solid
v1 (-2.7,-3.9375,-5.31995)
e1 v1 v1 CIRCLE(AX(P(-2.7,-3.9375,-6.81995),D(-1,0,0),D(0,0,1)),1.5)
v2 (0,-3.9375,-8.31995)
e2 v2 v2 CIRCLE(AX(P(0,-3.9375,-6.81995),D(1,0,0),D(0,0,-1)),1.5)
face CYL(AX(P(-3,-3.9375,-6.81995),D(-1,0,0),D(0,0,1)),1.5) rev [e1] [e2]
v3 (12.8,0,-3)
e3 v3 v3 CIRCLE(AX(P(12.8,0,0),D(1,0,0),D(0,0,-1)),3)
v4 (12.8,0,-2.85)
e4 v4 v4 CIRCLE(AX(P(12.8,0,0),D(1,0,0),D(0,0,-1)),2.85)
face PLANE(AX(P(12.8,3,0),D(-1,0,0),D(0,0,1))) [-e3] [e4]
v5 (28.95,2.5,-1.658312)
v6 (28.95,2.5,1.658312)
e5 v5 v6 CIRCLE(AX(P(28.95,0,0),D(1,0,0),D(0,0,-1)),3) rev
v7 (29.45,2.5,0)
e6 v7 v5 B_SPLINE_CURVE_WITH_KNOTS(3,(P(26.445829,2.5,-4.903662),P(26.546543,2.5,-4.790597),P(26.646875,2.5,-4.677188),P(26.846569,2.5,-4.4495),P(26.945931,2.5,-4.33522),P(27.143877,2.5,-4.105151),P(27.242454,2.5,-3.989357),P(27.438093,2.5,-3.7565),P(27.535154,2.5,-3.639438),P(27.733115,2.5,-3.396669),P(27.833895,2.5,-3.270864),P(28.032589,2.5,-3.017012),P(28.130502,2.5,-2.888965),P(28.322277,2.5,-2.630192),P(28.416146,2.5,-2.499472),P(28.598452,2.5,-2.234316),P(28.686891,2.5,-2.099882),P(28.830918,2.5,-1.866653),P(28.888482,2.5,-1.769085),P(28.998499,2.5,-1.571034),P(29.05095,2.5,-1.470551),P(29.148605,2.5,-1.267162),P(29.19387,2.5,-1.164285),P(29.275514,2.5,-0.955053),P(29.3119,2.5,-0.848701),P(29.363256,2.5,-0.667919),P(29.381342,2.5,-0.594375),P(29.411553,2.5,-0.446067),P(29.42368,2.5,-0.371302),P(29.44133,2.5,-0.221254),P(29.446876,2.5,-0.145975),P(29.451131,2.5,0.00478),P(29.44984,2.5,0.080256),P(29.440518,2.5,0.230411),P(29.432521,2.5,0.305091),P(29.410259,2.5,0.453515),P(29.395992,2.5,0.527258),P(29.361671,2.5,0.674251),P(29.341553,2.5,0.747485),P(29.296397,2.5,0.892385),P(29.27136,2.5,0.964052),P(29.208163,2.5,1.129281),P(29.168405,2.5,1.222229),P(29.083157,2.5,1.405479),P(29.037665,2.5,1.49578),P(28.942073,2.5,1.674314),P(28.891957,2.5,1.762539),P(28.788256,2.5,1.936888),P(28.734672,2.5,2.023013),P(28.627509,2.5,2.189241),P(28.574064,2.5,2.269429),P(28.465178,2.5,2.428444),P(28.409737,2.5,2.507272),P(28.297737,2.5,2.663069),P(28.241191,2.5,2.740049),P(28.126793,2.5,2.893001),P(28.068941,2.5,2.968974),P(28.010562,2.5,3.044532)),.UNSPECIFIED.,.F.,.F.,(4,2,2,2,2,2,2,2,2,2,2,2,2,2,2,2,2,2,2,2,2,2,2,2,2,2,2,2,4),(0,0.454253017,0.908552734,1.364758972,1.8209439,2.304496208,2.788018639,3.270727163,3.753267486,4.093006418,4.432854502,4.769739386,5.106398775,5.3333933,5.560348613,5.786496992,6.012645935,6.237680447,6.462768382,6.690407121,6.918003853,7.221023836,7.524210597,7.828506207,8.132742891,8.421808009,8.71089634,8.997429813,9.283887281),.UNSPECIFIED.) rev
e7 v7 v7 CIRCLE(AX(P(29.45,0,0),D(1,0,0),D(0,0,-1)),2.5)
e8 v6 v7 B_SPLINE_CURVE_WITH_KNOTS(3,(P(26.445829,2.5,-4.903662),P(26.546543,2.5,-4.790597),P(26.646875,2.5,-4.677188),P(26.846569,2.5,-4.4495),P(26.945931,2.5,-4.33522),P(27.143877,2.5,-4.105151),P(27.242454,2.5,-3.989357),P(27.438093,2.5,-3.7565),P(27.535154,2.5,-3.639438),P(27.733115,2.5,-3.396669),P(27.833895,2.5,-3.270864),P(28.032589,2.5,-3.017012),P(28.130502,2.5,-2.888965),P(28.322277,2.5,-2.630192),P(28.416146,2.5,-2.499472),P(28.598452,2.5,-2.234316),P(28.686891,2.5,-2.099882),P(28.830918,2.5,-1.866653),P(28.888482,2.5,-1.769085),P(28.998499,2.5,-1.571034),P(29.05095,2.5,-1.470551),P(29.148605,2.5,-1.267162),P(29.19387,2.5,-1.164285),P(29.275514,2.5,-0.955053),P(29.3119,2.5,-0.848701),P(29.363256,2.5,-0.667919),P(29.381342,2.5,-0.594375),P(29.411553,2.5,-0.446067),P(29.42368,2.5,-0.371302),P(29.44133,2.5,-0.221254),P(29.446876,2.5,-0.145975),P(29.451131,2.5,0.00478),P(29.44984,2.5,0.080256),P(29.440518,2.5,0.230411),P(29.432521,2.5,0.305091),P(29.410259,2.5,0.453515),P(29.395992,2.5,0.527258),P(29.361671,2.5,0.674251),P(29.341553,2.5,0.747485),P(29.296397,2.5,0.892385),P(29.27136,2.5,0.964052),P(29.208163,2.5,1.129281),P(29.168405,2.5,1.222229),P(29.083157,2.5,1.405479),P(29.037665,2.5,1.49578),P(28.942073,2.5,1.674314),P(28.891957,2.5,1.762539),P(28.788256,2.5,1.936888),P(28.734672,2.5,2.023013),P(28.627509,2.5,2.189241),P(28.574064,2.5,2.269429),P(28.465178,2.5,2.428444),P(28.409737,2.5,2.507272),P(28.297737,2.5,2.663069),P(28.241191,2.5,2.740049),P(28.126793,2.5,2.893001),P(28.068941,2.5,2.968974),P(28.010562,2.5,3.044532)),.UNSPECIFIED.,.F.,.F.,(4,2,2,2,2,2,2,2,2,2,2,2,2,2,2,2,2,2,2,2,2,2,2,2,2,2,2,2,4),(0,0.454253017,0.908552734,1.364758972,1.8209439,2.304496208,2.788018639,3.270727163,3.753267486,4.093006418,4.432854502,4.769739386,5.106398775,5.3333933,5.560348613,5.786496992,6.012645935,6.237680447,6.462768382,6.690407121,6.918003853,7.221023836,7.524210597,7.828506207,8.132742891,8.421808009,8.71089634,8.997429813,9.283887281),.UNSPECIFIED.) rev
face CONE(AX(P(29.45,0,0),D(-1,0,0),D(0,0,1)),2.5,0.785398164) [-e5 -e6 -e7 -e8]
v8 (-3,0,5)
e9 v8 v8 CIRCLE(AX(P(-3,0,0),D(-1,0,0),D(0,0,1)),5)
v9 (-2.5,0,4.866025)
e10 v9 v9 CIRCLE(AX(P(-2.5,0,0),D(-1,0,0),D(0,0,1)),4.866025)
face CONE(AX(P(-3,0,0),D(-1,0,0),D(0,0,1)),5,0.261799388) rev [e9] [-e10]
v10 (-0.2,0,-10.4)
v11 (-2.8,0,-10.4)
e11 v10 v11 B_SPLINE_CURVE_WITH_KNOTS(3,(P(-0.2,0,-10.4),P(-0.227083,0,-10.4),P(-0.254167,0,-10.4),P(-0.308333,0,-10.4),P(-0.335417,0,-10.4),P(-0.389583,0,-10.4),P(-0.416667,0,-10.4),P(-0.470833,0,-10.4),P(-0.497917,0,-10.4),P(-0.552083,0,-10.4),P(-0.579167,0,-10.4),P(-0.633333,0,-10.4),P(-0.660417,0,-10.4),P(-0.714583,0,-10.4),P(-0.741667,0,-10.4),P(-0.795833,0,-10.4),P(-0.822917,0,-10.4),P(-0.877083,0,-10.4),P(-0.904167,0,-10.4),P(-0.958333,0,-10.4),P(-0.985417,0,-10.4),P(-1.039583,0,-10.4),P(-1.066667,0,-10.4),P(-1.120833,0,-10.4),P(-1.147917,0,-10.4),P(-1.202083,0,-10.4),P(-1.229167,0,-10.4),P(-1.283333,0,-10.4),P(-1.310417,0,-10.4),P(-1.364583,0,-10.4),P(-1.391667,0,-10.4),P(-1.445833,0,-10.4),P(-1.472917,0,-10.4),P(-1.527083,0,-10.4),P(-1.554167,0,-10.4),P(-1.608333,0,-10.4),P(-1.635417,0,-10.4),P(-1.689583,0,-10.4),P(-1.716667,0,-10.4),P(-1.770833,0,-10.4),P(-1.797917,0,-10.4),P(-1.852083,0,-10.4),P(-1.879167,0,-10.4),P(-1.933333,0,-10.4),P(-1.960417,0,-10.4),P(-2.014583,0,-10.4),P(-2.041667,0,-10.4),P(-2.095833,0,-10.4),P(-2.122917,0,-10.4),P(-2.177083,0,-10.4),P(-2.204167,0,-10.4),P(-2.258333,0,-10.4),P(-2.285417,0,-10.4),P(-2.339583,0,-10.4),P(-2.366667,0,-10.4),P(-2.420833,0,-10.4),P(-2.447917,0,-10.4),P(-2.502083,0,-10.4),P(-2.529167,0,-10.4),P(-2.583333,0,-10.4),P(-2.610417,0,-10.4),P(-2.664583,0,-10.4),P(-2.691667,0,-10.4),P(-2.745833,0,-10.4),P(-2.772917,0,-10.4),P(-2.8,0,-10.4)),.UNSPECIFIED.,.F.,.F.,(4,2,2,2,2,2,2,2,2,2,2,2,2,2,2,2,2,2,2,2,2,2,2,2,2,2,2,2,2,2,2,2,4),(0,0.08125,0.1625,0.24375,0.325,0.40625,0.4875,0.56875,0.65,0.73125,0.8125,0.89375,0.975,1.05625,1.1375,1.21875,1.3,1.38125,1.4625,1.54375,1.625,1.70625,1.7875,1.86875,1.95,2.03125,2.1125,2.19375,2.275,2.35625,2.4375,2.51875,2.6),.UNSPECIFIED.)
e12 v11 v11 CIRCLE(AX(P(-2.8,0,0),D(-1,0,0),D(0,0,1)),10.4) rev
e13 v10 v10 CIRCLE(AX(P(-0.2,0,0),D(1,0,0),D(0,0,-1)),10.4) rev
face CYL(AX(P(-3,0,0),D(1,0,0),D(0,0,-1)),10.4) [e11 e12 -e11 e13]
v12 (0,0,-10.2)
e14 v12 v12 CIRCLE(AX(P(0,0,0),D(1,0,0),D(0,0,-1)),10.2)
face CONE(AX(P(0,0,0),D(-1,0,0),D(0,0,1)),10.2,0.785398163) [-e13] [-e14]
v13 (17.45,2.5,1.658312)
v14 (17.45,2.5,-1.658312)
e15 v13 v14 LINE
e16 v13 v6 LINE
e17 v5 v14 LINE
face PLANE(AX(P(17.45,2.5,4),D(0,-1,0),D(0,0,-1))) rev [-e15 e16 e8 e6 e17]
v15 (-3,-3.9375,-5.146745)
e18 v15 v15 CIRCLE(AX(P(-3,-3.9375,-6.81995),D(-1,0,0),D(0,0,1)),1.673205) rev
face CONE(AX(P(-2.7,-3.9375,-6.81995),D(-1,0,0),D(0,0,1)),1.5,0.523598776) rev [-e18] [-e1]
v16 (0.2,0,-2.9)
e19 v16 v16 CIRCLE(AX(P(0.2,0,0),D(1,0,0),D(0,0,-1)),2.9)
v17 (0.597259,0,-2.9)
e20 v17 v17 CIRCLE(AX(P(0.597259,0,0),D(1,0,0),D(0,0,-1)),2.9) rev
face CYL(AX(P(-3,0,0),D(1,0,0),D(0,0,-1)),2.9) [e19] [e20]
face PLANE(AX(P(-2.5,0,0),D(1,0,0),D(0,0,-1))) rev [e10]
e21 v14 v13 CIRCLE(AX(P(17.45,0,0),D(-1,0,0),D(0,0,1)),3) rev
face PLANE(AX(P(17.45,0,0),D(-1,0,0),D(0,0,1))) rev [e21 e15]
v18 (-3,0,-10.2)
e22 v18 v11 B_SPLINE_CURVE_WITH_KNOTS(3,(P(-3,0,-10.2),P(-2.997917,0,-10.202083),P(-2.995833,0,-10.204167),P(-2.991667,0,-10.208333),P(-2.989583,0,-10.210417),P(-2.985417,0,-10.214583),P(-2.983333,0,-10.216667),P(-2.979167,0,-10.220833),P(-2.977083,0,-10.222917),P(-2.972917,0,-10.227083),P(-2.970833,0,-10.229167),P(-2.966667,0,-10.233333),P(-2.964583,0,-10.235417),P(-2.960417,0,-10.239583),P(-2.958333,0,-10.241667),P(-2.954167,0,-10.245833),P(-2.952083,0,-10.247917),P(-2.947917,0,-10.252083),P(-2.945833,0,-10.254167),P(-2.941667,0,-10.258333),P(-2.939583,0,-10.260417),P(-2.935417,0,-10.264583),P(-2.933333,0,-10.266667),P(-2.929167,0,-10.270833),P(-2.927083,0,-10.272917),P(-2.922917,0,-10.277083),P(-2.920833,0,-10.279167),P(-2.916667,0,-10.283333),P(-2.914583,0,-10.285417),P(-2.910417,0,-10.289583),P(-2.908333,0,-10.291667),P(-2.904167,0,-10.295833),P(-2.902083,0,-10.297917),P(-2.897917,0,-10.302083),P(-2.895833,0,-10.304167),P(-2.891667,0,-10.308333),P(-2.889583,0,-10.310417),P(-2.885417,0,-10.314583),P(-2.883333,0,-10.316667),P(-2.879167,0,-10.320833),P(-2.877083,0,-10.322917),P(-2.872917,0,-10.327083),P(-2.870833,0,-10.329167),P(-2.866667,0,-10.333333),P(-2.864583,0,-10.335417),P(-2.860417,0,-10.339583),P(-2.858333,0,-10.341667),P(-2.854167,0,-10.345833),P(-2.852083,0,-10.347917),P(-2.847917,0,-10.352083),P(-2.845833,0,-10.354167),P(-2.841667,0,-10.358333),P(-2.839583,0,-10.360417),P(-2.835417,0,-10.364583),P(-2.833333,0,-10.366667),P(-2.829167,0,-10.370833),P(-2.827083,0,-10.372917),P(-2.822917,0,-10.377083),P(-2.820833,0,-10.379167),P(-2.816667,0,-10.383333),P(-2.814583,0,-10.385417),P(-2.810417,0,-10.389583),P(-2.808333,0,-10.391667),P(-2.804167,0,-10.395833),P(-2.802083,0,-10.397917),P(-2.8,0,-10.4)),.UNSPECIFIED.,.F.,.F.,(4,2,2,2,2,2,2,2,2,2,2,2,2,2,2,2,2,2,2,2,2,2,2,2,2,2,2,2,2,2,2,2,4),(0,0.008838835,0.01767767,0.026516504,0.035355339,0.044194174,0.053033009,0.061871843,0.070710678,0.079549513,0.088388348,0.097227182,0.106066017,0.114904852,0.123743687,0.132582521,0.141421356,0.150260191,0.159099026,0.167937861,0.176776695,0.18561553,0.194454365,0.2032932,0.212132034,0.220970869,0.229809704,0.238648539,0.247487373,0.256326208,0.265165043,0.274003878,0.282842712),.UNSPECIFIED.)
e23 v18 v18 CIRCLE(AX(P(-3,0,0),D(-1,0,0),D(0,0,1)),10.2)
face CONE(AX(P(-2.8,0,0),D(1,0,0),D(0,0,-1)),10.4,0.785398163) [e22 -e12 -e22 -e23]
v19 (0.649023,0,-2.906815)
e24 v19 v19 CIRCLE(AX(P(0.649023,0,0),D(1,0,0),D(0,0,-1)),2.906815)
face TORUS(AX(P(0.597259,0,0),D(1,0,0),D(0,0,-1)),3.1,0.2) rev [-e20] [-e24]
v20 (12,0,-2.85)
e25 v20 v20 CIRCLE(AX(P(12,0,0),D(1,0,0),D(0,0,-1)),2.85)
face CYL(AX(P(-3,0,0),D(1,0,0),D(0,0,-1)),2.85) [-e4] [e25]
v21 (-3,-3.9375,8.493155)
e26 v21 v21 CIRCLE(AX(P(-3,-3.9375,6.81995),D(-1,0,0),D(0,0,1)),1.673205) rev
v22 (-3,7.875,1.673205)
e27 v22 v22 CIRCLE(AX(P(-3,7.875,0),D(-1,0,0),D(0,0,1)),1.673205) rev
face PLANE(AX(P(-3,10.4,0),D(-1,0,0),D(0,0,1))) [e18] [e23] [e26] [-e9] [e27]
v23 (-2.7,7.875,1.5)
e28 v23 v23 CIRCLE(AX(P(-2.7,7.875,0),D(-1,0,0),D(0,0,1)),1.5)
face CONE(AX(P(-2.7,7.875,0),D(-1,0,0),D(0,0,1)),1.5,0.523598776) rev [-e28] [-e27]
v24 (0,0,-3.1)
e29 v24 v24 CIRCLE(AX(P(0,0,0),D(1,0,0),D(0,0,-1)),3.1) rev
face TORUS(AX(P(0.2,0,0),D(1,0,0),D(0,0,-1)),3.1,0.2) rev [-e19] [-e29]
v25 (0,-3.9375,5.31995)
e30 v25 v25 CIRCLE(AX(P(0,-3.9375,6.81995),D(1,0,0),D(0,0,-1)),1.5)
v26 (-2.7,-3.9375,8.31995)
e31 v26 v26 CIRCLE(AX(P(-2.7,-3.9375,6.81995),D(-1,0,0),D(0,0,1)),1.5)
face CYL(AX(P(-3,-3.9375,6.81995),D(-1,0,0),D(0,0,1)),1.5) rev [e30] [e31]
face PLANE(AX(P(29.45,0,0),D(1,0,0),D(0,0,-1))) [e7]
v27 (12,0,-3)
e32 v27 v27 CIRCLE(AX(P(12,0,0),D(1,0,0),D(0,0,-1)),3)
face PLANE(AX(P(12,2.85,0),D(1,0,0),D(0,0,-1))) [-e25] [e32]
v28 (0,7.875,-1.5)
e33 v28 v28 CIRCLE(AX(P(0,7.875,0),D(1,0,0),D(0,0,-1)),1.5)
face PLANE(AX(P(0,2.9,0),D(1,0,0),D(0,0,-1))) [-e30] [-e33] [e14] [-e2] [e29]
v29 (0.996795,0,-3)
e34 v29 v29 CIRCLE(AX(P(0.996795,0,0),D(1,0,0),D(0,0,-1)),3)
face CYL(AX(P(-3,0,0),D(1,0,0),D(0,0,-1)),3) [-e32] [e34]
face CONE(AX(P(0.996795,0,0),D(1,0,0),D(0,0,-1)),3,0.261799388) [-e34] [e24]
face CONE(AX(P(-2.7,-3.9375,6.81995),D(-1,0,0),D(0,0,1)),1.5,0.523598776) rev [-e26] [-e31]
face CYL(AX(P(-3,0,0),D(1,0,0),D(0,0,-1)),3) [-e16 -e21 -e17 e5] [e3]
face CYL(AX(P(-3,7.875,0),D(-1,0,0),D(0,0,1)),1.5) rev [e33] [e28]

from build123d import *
from OCP.BRepFilletAPI import BRepFilletAPI_MakeChamfer

# Parameters (mm, degrees)
DIAM_TRE_DU_PER_AGE_3_0_3_1_D     = 3
DIAM_TRE_DU_PER_AGE_3_0_3_1_DEPTH = 32.45
CHANFREIN1_SIZE                   = 0.5
CHANFREIN2_SIZE                   = 0.2
CHANFREIN3_SIZE                   = 0.173205081
CHANFREIN3_SIZE2                  = 0.3
CHANFREIN4_SIZE                   = 0.3
CHANFREIN4_SIZE2                  = 0.173205081
CONG_1_R                          = 0.2
ESQUISSE6_W                       = 8
ESQUISSE6_H                       = 1.5
ENL_V_MAT_EXTRU_1_DEPTH           = 12


with BuildPart() as part:
    # Esquisse1 → Révolution1 (revolve)
    with BuildSketch(Plane.XY, mode=Mode.PRIVATE) as r_volution1_sk:
        Polygon((-3, 10.4), (-3, 0), (29.45, 0), (29.45, 3), (12.8, 3), (12.8, 2.85), (12, 2.85), (12, 3), (0.996794919, 3), (0.623589838, 2.9), (0, 2.9), (0, 10.4), align=None)
    revolve(r_volution1_sk.sketch.rotate(Axis((-3, 0, 0), (1, 0, 0)), 270), axis=Axis((-3, 0, 0), (1, 0, 0)))

    # Diamètre du perçage Ø3.0 (3)1
    with Locations(Plane.ZY.offset(3)):
        with Locations((-6.819950055, -3.9375), (6.819950055, -3.9375), (0, 7.875)):
            Hole(DIAM_TRE_DU_PER_AGE_3_0_3_1_D / 2, depth=DIAM_TRE_DU_PER_AGE_3_0_3_1_DEPTH)

    # Esquisse4 → Perçage1 (revolve, cut)
    with BuildSketch(Plane(origin=(-3, 0, 0), x_dir=(0, 0, 1), z_dir=(0, 1, 0))):
        Polygon((0, 0), (0, 0.5), (4.866025404, 0.5), (5, 0), align=None)
    revolve(axis=Axis((107, 0, 0), (-1, 0, 0)), mode=Mode.SUBTRACT)

    # Chanfrein1
    chanfrein1_edges = [part.edges().sort_by_distance(p)[0] for p in [
        (29.45, 0, 3),
    ]]
    chamfer(chanfrein1_edges, length=CHANFREIN1_SIZE)

    # Chanfrein2
    chanfrein2_edges = [part.edges().sort_by_distance(p)[0] for p in [
        (-3, 0, 10.4),
        (0, 0, 10.4),
    ]]
    chamfer(chanfrein2_edges, length=CHANFREIN2_SIZE)

    # Chanfrein3
    chanfrein3_edges = [part.edges().sort_by_distance(p)[0] for p in [
        (-3, 7.875, 1.5),
    ]]
    chanfrein3_side = [part.faces().sort_by_distance(p)[0] for p in [
        (-3, 0, 9.911500433),
    ]]
    chamfer(chanfrein3_edges, length=CHANFREIN3_SIZE, length2=CHANFREIN3_SIZE2, reference=chanfrein3_side[0])

    # Chanfrein4: one chamfer whose edges measure the first distance from different faces: ONE call of the kernel's chamfer builder (chamfer() names one face for all edges)
    chanfrein4_edges_1 = [part.edges().sort_by_distance(p)[0] for p in [
        (-3, -3.9375, 8.319950055),
    ]]
    chanfrein4_side_1 = [part.faces().sort_by_distance(p)[0] for p in [
        (-1.5, -3.9375, 8.319950055),
    ]]
    chanfrein4_edges_2 = [part.edges().sort_by_distance(p)[0] for p in [
        (-3, -3.9375, -5.319950055),
    ]]
    chanfrein4_side_2 = [part.faces().sort_by_distance(p)[0] for p in [
        (-1.5, -3.9375, -5.319950055),
    ]]
    chanfrein4 = BRepFilletAPI_MakeChamfer(part.part.solid().wrapped)
    for e in chanfrein4_edges_1:
        chanfrein4.Add(CHANFREIN4_SIZE, CHANFREIN4_SIZE2, e.wrapped, chanfrein4_side_1[0].wrapped)  # the first distance lies on this face
    for e in chanfrein4_edges_2:
        chanfrein4.Add(CHANFREIN4_SIZE, CHANFREIN4_SIZE2, e.wrapped, chanfrein4_side_2[0].wrapped)  # the first distance lies on this face
    add(Compound.cast(chanfrein4.Shape()), mode=Mode.REPLACE)

    # Congé1
    cong_1_edges = [part.edges().sort_by_distance(p)[0] for p in [
        (0, 0, 2.9),
        (0.623589838, 0, 2.9),
    ]]
    fillet(cong_1_edges, radius=CONG_1_R)

    # Esquisse6 → Enlèv. mat.-Extru.1 (cut)
    with BuildSketch(Plane(origin=(29.45, 0, 0), x_dir=(0, 0, -1), z_dir=(1, 0, 0))):
        with Locations((0, 3.25)):
            Rectangle(ESQUISSE6_W, ESQUISSE6_H)
    extrude(amount=-ENL_V_MAT_EXTRU_1_DEPTH, mode=Mode.SUBTRACT)


solid = part.part
